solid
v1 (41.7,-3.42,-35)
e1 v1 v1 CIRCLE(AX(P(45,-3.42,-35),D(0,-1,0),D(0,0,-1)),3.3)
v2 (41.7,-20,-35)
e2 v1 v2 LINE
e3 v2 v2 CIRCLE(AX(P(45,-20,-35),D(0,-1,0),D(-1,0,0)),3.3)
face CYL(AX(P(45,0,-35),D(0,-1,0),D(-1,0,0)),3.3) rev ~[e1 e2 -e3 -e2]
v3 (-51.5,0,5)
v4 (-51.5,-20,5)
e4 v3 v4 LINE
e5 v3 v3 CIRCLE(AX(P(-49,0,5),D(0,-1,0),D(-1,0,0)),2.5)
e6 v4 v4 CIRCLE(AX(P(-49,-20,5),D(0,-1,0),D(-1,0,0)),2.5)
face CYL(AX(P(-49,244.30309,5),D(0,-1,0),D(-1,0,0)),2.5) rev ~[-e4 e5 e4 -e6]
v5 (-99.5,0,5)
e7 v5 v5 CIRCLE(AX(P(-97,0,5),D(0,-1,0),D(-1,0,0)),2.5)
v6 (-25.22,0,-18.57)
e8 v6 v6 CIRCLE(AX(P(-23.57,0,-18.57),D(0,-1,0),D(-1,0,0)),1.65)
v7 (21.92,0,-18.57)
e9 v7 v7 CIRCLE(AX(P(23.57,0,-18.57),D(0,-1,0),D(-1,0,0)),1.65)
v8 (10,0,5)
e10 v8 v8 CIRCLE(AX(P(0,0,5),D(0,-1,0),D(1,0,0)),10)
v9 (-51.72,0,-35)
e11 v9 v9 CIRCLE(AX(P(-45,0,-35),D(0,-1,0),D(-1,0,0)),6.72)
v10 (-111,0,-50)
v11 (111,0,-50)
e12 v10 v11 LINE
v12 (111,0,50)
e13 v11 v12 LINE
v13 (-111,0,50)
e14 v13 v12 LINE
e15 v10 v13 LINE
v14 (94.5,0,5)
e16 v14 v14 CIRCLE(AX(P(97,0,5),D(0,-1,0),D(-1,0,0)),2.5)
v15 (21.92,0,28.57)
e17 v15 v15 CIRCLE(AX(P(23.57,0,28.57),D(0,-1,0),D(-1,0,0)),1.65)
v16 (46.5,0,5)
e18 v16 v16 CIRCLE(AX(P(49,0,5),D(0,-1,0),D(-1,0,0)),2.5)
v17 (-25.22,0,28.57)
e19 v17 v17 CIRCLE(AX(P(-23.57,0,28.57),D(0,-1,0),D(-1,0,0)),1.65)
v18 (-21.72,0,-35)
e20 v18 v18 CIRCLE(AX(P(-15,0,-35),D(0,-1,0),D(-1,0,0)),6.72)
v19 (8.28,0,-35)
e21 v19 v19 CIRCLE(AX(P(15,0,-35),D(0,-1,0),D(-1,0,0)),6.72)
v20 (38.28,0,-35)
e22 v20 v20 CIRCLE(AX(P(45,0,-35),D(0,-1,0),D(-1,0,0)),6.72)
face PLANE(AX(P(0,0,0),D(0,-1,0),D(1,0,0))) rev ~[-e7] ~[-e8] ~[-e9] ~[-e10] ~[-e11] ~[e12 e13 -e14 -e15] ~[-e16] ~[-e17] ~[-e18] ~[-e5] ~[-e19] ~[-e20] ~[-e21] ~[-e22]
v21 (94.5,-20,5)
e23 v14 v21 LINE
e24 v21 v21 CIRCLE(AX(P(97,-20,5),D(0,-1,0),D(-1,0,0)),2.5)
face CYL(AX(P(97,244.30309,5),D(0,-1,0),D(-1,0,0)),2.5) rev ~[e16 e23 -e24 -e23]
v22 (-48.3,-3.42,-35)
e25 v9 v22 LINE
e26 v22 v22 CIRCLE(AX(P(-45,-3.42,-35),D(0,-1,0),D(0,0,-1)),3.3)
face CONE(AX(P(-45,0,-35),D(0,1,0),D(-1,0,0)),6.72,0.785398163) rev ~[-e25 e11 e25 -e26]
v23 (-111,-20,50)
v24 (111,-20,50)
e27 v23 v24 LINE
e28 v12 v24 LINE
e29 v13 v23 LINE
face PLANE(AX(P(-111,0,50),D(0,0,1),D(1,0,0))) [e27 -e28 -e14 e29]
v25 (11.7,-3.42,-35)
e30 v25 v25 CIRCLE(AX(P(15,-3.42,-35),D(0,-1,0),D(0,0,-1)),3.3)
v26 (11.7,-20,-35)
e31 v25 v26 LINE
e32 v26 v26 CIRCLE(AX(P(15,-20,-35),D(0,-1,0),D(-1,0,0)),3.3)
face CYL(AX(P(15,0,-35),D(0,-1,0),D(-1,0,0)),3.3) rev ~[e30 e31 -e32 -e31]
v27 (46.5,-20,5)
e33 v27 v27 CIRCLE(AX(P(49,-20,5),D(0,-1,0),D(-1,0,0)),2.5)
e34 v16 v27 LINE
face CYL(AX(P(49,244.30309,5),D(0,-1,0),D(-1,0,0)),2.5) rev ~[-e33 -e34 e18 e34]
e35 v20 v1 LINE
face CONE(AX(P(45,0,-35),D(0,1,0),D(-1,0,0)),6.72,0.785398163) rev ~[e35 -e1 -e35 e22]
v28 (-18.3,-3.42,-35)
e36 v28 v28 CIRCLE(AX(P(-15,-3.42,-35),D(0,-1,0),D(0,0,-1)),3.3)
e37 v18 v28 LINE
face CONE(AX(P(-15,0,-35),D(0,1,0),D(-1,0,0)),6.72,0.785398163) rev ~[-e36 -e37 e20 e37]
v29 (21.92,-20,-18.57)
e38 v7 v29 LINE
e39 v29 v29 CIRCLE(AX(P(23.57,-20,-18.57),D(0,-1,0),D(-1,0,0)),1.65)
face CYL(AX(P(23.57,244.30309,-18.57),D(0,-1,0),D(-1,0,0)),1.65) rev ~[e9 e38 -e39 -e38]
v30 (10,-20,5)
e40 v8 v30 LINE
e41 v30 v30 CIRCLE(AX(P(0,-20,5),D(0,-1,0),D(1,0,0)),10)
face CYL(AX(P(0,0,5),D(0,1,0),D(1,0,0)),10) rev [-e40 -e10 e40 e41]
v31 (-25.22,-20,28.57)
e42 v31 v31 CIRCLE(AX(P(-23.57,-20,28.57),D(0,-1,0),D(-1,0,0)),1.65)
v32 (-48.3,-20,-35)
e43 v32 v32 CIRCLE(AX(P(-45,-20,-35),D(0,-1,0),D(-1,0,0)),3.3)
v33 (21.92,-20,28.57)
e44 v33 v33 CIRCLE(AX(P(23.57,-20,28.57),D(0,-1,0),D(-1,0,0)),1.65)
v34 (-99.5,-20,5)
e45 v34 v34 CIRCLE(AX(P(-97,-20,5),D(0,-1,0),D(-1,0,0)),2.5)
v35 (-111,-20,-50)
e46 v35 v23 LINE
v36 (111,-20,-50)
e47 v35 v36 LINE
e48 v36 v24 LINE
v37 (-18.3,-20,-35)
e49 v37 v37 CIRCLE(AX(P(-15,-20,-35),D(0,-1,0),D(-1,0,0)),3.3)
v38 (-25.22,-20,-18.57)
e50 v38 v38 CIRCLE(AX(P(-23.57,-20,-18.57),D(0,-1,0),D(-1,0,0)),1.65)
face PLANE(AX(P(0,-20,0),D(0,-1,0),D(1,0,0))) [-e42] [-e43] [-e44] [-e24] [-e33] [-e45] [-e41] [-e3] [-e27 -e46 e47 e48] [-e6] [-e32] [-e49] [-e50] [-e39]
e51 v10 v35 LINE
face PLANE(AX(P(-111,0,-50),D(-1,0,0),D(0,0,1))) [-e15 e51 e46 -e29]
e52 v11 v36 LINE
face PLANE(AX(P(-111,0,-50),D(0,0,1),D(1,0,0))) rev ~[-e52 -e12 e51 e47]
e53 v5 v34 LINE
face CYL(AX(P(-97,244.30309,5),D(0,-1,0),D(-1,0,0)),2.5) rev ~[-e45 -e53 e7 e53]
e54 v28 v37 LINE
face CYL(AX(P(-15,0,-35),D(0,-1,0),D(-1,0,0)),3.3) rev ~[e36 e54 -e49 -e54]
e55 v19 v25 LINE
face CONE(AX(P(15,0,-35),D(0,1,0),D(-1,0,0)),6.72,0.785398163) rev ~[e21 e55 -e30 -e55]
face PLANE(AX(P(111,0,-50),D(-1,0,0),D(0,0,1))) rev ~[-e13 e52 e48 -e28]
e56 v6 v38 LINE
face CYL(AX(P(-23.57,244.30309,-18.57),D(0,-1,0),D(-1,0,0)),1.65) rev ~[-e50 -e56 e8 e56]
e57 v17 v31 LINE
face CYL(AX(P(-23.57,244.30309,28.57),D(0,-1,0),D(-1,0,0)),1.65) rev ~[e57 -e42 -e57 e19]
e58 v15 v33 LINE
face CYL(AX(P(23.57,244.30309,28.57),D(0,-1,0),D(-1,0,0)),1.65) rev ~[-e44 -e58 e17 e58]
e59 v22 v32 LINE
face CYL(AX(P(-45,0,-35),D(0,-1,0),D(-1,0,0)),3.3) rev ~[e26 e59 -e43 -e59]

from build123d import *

# Parameters (mm, degrees)
F0_W           = 222
F0_H           = 100
F0_R           = 10
F1_DEPTH       = 20
F2_D           = 5
F3_D           = 6.6
F3_CSINK_D     = 13.44
F3_CSINK_ANGLE = 90
F4_D           = 3.3


with BuildPart() as f1:
    # F0 (on Front) → F1 (new body)
    with BuildSketch(Plane.XZ):
        Rectangle(F0_W, F0_H)
        with Locations((0, 5)):
            Circle(F0_R, mode=Mode.SUBTRACT)
    extrude(amount=F1_DEPTH)

    # F2 (through all)
    with Locations(Plane(origin=(0, 0, 0), x_dir=(1, 0, 0), z_dir=(0, 1, 0))):
        with Locations((49, -5), (97, -5), (-49, -5), (-97, -5)):
            Hole(F2_D / 2)

    # F3 (through all)
    with Locations(Plane(origin=(0, 0, 0), x_dir=(1, 0, 0), z_dir=(0, 1, 0))):
        with Locations((-45, 35), (-15, 35), (15, 35), (45, 35)):
            CounterSinkHole(F3_D / 2, F3_CSINK_D / 2, counter_sink_angle=F3_CSINK_ANGLE)

    # F4 (through all)
    with Locations(Plane(origin=(0, 0, 0), x_dir=(1, 0, 0), z_dir=(0, 1, 0))):
        with Locations((23.57, -28.57), (-23.57, -28.57), (23.57, 18.57), (-23.57, 18.57)):
            Hole(F4_D / 2)


solid = f1.part
